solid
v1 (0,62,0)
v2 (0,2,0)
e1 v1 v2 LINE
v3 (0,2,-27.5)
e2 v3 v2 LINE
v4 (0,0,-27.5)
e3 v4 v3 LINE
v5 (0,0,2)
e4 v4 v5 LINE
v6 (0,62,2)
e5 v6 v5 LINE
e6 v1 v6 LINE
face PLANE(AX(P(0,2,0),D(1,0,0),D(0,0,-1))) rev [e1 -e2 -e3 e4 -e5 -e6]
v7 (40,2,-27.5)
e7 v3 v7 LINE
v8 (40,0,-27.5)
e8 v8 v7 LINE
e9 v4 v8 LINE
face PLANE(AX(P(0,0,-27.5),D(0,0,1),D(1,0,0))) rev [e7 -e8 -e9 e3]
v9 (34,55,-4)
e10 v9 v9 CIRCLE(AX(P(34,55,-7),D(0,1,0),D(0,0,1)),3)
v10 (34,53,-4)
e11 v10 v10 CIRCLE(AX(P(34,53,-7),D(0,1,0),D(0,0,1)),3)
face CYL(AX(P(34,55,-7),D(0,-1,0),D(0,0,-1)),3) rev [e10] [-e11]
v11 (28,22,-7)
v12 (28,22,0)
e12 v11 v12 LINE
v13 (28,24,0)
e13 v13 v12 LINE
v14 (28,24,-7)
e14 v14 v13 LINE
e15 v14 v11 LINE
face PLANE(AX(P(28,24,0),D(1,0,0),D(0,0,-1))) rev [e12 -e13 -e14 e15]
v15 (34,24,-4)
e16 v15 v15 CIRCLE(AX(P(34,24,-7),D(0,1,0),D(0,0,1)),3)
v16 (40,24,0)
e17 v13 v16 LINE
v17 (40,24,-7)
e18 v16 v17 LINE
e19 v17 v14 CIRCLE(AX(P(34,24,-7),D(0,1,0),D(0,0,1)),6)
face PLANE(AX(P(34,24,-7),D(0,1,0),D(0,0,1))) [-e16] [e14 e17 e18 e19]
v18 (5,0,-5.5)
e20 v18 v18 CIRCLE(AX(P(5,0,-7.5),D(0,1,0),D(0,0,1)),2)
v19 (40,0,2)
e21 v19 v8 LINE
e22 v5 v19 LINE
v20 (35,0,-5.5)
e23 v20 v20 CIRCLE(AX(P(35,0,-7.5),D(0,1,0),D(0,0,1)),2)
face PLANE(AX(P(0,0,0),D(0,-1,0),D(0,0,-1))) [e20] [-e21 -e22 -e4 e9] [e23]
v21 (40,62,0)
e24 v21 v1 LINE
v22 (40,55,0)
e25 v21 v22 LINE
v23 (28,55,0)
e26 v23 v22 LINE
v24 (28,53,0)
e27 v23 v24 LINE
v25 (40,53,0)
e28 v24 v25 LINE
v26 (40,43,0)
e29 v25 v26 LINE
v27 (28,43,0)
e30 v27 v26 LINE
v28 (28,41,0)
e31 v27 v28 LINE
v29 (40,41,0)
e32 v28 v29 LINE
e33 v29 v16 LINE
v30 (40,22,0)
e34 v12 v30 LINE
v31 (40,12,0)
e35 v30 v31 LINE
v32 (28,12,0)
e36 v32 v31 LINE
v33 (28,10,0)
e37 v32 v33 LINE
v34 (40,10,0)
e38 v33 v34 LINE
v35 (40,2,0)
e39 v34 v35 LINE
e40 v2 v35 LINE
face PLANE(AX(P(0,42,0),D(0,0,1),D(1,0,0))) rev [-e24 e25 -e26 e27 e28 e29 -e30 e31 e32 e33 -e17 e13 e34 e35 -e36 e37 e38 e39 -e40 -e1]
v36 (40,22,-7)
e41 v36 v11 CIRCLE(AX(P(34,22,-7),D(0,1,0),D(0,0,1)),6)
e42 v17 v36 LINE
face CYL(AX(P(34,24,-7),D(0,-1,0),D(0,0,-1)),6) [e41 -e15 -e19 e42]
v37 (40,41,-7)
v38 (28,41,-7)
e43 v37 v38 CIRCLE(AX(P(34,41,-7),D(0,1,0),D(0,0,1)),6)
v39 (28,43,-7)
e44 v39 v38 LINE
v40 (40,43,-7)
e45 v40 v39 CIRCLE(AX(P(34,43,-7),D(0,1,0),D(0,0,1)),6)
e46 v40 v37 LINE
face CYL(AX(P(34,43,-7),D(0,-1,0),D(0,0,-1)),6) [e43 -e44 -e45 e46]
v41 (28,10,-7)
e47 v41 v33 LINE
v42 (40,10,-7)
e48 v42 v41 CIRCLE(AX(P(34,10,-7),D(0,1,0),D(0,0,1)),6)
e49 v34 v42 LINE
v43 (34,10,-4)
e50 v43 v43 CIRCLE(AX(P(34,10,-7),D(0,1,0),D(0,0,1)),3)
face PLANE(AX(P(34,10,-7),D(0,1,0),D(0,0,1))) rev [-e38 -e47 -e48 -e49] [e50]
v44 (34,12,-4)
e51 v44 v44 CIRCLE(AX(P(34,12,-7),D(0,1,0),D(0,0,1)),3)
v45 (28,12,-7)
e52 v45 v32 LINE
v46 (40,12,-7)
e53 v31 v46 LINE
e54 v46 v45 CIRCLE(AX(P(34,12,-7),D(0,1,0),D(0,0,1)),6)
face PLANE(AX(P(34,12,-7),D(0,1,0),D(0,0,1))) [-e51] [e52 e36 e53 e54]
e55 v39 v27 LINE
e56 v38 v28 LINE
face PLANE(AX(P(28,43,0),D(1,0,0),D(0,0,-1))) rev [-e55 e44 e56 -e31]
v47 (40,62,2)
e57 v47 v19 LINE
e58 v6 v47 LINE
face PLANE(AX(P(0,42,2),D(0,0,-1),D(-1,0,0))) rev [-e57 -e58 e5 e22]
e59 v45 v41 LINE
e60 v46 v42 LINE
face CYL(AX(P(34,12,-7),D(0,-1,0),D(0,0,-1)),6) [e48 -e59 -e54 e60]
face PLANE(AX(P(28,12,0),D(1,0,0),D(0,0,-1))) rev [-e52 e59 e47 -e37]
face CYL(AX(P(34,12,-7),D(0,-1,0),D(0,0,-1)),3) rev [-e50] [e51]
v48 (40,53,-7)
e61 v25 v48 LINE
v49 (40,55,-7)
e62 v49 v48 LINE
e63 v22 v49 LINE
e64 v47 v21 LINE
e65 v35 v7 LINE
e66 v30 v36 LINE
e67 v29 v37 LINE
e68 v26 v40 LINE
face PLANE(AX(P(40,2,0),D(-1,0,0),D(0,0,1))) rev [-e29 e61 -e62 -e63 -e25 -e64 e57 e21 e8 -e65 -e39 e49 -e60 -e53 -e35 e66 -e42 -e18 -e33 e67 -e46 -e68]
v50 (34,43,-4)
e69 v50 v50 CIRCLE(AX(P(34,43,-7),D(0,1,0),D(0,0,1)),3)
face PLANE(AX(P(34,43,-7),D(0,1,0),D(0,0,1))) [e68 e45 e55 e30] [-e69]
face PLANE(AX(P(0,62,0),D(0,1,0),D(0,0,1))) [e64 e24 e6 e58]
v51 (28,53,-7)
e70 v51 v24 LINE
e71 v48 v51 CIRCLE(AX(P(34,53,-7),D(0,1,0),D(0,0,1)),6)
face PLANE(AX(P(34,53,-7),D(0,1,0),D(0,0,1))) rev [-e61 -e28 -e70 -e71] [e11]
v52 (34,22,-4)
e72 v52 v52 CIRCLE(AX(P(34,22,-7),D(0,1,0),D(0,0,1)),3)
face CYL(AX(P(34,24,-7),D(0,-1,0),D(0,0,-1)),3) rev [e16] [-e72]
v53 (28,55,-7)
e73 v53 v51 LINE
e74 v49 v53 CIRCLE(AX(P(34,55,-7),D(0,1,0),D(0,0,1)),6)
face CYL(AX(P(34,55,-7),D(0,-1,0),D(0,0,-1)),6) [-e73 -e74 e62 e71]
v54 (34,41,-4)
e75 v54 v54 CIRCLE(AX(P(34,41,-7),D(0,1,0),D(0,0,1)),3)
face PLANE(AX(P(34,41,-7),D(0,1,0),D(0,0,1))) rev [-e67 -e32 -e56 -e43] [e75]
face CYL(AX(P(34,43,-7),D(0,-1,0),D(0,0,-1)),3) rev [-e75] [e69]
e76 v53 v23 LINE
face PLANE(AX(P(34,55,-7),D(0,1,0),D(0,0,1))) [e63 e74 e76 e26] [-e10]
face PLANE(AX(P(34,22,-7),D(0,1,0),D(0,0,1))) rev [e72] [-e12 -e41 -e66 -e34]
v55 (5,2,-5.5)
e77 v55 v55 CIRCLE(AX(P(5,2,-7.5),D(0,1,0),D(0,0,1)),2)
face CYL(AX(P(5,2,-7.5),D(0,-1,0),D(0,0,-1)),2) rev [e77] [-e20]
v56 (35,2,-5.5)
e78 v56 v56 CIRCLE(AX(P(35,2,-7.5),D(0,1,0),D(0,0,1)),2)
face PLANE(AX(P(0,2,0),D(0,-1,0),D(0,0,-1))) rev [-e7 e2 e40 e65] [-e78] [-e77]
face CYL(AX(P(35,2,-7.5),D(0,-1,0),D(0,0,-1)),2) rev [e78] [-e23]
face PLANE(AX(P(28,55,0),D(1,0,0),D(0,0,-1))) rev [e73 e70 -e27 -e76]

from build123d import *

# Parameters (mm, degrees)
CROQUIS2_W               = 40
CROQUIS2_H               = 55
CROQUIS2_R               = 2
SALIENTE_EXTRUIR1_DEPTH  = 2
CROQUIS3_W               = 40
CROQUIS3_H               = 2
SALIENTE_EXTRUIR2_DEPTH  = 42
CROQUIS4_R               = 3
SALIENTE_EXTRUIR3_DEPTH  = 2
MATRIZL1_COUNT           = 2
MATRIZL1_PITCH           = 12
CROQUIS6_W               = 40
CROQUIS6_H               = 27.5
CORTAR_EXTRUIR1_DEPTH    = 79.89866919
CROQUIS7_W               = 40
CROQUIS7_H               = 2
SALIENTE_EXTRUIR5_DEPTH  = 20
MATRIZL2_COPY_1_SKETCH_R = 3
MATRIZL2_COPY_1_DEPTH    = 2
MATRIZL2_COPY_2_SKETCH_R = 3
MATRIZL2_COPY_2_DEPTH    = 2


with BuildPart() as part:
    # Croquis2 → Saliente-Extruir1 (new body)
    with BuildSketch(Plane(origin=(0, 0, 0), x_dir=(1, 0, 0), z_dir=(0, 1, 0))):
        with Locations((20, 27.5)):
            Rectangle(CROQUIS2_W, CROQUIS2_H)
        with Locations(Location((5, 47.5, 0), (0, 0, 270))):
            Circle(CROQUIS2_R, mode=Mode.SUBTRACT)
        with Locations(Location((35, 47.5, 0), (0, 0, 270))):
            Circle(CROQUIS2_R, mode=Mode.SUBTRACT)
        with Locations(Location((35, 7.5, 0), (0, 0, 270))):
            Circle(CROQUIS2_R, mode=Mode.SUBTRACT)
        with Locations(Location((5, 7.5, 0), (0, 0, 270))):
            Circle(CROQUIS2_R, mode=Mode.SUBTRACT)
    extrude(amount=SALIENTE_EXTRUIR1_DEPTH)

    # Croquis3 → Saliente-Extruir2 (add)
    with BuildSketch(Plane(origin=(0, 0, 0), x_dir=(1, 0, 0), z_dir=(0, 1, 0))):
        with Locations((20, -1)):
            Rectangle(CROQUIS3_W, CROQUIS3_H)
    extrude(amount=SALIENTE_EXTRUIR2_DEPTH)

    # Croquis4 → Saliente-Extruir3 (add)
    with BuildSketch(Plane(origin=(0, 22, 0), x_dir=(1, 0, 0), z_dir=(0, 1, 0))):
        with BuildLine():
            Line((40, 7), (40, 0))
            Line((40, 0), (28, 0))
            Line((28, 0), (28, 7))
            ThreePointArc((28, 7), (34, 13), (40, 7))
        make_face()
        with Locations(Location((34, 7, 0), (0, 0, 270))):
            Circle(CROQUIS4_R, mode=Mode.SUBTRACT)
    saliente_extruir3 = extrude(amount=SALIENTE_EXTRUIR3_DEPTH)

    # MatrizL1: Saliente-Extruir3 ×2
    with Locations(*[(0, -i * MATRIZL1_PITCH, 0) for i in range(1, MATRIZL1_COUNT)]):
        add(saliente_extruir3)

    # Croquis6 → Cortar-Extruir1 (cut, through all)
    with BuildSketch(Plane(origin=(0, 2, 0), x_dir=(1, 0, 0), z_dir=(0, 1, 0))):
        with Locations((20, 41.25)):
            Rectangle(CROQUIS6_W, CROQUIS6_H)
    extrude(amount=-CORTAR_EXTRUIR1_DEPTH, mode=Mode.SUBTRACT)

    # Croquis7 → Saliente-Extruir5 (add)
    with BuildSketch(Plane(origin=(0, 42, 0), x_dir=(1, 0, 0), z_dir=(0, 1, 0))):
        with Locations((20, -1)):
            Rectangle(CROQUIS7_W, CROQUIS7_H)
    extrude(amount=SALIENTE_EXTRUIR5_DEPTH)

    # MatrizL2 copy 1 sketch → MatrizL2 copy 1 (add)
    with BuildSketch(Plane(origin=(0, 41, 0), x_dir=(1, 0, 0), z_dir=(0, 1, 0))):
        with BuildLine():
            Line((40, 7), (40, 0))
            Line((40, 0), (28, 0))
            Line((28, 0), (28, 7))
            ThreePointArc((28, 7), (34, 13), (40, 7))
        make_face()
        with Locations(Location((34, 7, 0), (0, 0, 270))):
            Circle(MATRIZL2_COPY_1_SKETCH_R, mode=Mode.SUBTRACT)
    extrude(amount=MATRIZL2_COPY_1_DEPTH)

    # MatrizL2 copy 2 sketch → MatrizL2 copy 2 (add)
    with BuildSketch(Plane(origin=(0, 53, 0), x_dir=(1, 0, 0), z_dir=(0, 1, 0))):
        with BuildLine():
            Line((40, 7), (40, 0))
            Line((40, 0), (28, 0))
            Line((28, 0), (28, 7))
            ThreePointArc((28, 7), (34, 13), (40, 7))
        make_face()
        with Locations(Location((34, 7, 0), (0, 0, 270))):
            Circle(MATRIZL2_COPY_2_SKETCH_R, mode=Mode.SUBTRACT)
    extrude(amount=MATRIZL2_COPY_2_DEPTH)


solid = part.part
